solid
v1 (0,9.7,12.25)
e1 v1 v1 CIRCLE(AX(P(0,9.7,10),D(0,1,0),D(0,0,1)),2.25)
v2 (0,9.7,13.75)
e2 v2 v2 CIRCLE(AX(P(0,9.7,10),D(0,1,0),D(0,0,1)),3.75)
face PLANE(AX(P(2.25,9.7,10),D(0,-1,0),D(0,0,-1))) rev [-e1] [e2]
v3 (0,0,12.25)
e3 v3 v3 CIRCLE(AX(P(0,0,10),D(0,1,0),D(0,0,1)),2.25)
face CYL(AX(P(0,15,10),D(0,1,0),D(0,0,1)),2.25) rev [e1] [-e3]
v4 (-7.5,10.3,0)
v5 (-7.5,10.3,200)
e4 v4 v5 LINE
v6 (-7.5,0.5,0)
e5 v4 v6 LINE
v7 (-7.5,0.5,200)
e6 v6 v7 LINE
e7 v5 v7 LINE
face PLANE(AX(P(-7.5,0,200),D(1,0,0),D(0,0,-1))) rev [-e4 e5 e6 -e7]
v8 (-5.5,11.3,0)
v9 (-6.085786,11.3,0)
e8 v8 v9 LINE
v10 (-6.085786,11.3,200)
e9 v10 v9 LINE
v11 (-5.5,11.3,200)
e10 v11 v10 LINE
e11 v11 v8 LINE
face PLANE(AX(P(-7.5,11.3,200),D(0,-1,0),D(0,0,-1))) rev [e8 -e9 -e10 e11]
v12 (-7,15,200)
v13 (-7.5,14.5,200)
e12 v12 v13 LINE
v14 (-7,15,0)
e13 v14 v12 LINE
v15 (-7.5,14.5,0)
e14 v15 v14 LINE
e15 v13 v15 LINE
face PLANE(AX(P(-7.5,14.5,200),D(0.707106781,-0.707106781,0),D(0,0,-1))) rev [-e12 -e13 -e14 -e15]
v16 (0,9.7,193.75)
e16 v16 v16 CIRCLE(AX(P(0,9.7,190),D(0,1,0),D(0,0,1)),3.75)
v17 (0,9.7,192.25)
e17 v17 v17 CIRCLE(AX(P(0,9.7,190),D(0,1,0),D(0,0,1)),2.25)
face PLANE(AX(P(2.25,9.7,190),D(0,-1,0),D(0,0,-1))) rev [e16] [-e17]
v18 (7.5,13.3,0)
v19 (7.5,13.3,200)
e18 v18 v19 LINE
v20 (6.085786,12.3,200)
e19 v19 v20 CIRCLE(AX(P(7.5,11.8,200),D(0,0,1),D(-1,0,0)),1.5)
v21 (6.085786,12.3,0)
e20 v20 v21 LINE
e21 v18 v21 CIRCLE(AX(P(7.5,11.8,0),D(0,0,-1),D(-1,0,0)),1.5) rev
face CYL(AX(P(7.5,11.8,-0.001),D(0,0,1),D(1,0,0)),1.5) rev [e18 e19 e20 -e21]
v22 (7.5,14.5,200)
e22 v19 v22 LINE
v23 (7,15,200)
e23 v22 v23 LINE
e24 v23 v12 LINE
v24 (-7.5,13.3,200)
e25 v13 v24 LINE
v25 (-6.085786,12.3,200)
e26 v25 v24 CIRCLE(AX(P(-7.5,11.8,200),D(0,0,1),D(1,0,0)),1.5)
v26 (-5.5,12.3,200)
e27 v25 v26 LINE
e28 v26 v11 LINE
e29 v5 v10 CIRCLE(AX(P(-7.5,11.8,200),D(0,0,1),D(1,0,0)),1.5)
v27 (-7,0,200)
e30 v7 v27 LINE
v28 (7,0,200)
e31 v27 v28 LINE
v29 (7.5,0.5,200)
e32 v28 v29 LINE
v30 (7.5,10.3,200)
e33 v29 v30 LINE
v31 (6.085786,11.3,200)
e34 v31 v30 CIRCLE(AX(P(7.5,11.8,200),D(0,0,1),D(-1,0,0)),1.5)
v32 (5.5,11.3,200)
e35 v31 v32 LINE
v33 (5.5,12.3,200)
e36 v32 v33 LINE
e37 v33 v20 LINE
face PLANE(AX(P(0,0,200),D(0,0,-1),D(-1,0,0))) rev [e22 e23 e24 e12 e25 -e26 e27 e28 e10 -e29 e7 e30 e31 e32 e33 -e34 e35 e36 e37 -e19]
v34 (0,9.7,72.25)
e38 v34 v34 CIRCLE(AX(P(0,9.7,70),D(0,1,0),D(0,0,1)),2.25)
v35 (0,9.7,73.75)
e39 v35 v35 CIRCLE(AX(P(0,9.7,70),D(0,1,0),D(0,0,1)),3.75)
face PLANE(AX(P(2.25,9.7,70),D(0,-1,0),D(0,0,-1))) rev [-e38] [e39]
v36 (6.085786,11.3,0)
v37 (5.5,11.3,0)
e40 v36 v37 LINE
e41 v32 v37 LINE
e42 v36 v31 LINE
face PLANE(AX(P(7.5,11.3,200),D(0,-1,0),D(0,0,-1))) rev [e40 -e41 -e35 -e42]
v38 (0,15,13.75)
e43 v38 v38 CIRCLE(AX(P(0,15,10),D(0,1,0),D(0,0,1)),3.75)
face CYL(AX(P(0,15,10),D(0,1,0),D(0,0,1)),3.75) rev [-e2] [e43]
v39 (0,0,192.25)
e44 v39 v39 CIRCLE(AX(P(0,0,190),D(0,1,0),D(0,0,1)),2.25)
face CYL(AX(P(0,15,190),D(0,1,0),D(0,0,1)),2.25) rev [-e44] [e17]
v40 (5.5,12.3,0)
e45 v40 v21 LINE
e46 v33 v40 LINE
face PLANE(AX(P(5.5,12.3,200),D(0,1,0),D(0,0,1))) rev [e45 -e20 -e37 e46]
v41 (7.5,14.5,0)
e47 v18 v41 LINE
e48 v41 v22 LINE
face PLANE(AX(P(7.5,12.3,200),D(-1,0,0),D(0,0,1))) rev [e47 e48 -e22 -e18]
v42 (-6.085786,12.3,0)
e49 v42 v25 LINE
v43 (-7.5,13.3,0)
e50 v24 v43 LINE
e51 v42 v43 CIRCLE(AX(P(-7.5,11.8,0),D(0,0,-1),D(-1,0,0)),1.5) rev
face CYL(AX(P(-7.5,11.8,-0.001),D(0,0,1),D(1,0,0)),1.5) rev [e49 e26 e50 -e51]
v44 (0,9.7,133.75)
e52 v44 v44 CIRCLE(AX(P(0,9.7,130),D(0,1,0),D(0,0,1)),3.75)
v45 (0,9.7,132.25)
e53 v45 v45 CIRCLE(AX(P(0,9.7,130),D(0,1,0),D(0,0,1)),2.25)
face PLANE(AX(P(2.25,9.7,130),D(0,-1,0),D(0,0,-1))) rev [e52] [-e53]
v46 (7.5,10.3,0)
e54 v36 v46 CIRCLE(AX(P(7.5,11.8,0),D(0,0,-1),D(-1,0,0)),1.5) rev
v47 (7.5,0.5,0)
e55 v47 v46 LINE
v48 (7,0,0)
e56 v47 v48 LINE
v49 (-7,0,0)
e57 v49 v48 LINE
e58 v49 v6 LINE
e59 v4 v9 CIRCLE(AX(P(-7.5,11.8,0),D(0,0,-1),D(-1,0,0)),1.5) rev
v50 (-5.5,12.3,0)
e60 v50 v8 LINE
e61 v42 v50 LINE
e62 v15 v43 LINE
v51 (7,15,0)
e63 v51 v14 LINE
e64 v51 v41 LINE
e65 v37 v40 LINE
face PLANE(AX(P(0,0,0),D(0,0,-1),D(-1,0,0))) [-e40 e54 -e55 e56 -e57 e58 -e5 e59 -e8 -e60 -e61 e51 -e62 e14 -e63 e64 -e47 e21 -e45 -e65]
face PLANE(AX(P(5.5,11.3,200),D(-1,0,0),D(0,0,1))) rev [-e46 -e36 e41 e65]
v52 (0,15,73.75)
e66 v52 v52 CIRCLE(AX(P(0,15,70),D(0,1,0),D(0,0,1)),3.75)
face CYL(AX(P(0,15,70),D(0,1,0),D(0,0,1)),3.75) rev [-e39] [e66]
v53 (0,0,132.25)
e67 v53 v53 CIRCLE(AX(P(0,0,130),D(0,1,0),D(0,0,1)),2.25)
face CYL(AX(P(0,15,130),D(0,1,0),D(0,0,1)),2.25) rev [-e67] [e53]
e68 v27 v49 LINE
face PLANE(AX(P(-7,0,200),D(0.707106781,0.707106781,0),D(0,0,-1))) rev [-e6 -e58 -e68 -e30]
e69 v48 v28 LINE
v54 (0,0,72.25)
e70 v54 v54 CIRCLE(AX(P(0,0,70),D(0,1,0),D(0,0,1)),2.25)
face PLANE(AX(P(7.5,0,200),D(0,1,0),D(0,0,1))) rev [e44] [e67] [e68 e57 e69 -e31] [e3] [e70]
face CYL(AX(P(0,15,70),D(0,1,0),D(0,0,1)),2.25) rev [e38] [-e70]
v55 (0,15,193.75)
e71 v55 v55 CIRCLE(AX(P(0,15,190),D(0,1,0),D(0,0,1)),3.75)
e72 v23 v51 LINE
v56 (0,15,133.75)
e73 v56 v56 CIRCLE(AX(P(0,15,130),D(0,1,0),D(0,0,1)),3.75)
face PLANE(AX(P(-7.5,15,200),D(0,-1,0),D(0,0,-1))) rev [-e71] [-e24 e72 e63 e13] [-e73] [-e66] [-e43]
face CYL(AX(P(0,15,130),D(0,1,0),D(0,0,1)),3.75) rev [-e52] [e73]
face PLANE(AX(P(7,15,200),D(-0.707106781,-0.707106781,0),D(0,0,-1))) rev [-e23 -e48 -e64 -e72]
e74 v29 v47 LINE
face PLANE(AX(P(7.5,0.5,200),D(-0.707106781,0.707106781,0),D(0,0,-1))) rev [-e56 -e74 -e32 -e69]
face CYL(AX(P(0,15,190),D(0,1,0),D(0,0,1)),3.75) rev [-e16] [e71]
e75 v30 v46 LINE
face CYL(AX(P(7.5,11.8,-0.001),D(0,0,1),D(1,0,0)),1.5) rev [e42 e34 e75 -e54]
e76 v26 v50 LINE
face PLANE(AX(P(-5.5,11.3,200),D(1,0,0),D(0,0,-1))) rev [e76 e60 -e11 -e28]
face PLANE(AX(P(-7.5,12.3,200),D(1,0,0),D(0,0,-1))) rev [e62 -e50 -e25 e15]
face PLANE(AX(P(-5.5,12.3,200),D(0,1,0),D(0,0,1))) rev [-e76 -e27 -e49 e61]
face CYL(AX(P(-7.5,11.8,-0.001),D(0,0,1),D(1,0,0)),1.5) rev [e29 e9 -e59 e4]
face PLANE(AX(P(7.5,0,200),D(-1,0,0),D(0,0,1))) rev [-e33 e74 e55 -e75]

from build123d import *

# Parameters (mm, degrees)
BOSS_EXTRUDE1_DEPTH                                 = 200
CUT_EXTRUDE1_START                                  = -200
SKETCH2_R                                           = 1.5
CUT_EXTRUDE1_DEPTH                                  = 200
CHAMFER1_SIZE                                       = 0.5
CHAMFER2_SIZE                                       = 0.5
CBORE_FOR_M4_HEX_SOCKET_HEAD_CAP_SCREW1_D           = 4.5
CBORE_FOR_M4_HEX_SOCKET_HEAD_CAP_SCREW1_CBORE_D     = 7.5
CBORE_FOR_M4_HEX_SOCKET_HEAD_CAP_SCREW1_CBORE_DEPTH = 5.3
LPATTERN1_COUNT                                     = 4
LPATTERN1_PITCH                                     = 60


with BuildPart() as part:
    # Sketch1 → Boss-Extrude1 (new body)
    with BuildSketch(Plane.XY):
        Polygon((7.5, 0), (-7.5, 0), (-7.5, 11.3), (-5.5, 11.3), (-5.5, 12.3), (-7.5, 12.3), (-7.5, 15), (7.5, 15), (7.5, 12.3), (5.5, 12.3), (5.5, 11.3), (7.5, 11.3), align=None)
    extrude(amount=BOSS_EXTRUDE1_DEPTH)

    # Sketch2 → Cut-Extrude1 (cut)
    with BuildSketch(Plane.XY.offset(200).offset(CUT_EXTRUDE1_START)):
        with Locations((-7.5, 11.8)):
            Circle(SKETCH2_R)
        with Locations((7.5, 11.8)):
            Circle(SKETCH2_R)
    extrude(amount=CUT_EXTRUDE1_DEPTH, mode=Mode.SUBTRACT)

    # Chamfer1
    chamfer1_edges = [part.edges().sort_by_distance(p)[0] for p in [
        (-7.5, 15, 100),
        (7.5, 15, 100),
    ]]
    chamfer(chamfer1_edges, length=CHAMFER1_SIZE)

    # Chamfer2
    chamfer2_edges = [part.edges().sort_by_distance(p)[0] for p in [
        (7.5, 0, 100),
        (-7.5, 0, 100),
    ]]
    chamfer(chamfer2_edges, length=CHAMFER2_SIZE)

    # CBORE for M4 Hex Socket Head Cap Screw1 (through all)
    with Locations(Plane(origin=(0, 15, 190), x_dir=(0, 0, 1), z_dir=(0, 1, 0))):
        with Locations((0, 0)):
            cbore_for_m4_hex_socket_head_cap_screw1 = CounterBoreHole(CBORE_FOR_M4_HEX_SOCKET_HEAD_CAP_SCREW1_D / 2, CBORE_FOR_M4_HEX_SOCKET_HEAD_CAP_SCREW1_CBORE_D / 2, CBORE_FOR_M4_HEX_SOCKET_HEAD_CAP_SCREW1_CBORE_DEPTH)

    # LPattern1: CBORE for M4 Hex Socket Head Cap Screw1 ×4
    with Locations(*[(0, 0, -i * LPATTERN1_PITCH) for i in range(1, LPATTERN1_COUNT)]):
        add(cbore_for_m4_hex_socket_head_cap_screw1, mode=Mode.SUBTRACT)


solid = part.part
